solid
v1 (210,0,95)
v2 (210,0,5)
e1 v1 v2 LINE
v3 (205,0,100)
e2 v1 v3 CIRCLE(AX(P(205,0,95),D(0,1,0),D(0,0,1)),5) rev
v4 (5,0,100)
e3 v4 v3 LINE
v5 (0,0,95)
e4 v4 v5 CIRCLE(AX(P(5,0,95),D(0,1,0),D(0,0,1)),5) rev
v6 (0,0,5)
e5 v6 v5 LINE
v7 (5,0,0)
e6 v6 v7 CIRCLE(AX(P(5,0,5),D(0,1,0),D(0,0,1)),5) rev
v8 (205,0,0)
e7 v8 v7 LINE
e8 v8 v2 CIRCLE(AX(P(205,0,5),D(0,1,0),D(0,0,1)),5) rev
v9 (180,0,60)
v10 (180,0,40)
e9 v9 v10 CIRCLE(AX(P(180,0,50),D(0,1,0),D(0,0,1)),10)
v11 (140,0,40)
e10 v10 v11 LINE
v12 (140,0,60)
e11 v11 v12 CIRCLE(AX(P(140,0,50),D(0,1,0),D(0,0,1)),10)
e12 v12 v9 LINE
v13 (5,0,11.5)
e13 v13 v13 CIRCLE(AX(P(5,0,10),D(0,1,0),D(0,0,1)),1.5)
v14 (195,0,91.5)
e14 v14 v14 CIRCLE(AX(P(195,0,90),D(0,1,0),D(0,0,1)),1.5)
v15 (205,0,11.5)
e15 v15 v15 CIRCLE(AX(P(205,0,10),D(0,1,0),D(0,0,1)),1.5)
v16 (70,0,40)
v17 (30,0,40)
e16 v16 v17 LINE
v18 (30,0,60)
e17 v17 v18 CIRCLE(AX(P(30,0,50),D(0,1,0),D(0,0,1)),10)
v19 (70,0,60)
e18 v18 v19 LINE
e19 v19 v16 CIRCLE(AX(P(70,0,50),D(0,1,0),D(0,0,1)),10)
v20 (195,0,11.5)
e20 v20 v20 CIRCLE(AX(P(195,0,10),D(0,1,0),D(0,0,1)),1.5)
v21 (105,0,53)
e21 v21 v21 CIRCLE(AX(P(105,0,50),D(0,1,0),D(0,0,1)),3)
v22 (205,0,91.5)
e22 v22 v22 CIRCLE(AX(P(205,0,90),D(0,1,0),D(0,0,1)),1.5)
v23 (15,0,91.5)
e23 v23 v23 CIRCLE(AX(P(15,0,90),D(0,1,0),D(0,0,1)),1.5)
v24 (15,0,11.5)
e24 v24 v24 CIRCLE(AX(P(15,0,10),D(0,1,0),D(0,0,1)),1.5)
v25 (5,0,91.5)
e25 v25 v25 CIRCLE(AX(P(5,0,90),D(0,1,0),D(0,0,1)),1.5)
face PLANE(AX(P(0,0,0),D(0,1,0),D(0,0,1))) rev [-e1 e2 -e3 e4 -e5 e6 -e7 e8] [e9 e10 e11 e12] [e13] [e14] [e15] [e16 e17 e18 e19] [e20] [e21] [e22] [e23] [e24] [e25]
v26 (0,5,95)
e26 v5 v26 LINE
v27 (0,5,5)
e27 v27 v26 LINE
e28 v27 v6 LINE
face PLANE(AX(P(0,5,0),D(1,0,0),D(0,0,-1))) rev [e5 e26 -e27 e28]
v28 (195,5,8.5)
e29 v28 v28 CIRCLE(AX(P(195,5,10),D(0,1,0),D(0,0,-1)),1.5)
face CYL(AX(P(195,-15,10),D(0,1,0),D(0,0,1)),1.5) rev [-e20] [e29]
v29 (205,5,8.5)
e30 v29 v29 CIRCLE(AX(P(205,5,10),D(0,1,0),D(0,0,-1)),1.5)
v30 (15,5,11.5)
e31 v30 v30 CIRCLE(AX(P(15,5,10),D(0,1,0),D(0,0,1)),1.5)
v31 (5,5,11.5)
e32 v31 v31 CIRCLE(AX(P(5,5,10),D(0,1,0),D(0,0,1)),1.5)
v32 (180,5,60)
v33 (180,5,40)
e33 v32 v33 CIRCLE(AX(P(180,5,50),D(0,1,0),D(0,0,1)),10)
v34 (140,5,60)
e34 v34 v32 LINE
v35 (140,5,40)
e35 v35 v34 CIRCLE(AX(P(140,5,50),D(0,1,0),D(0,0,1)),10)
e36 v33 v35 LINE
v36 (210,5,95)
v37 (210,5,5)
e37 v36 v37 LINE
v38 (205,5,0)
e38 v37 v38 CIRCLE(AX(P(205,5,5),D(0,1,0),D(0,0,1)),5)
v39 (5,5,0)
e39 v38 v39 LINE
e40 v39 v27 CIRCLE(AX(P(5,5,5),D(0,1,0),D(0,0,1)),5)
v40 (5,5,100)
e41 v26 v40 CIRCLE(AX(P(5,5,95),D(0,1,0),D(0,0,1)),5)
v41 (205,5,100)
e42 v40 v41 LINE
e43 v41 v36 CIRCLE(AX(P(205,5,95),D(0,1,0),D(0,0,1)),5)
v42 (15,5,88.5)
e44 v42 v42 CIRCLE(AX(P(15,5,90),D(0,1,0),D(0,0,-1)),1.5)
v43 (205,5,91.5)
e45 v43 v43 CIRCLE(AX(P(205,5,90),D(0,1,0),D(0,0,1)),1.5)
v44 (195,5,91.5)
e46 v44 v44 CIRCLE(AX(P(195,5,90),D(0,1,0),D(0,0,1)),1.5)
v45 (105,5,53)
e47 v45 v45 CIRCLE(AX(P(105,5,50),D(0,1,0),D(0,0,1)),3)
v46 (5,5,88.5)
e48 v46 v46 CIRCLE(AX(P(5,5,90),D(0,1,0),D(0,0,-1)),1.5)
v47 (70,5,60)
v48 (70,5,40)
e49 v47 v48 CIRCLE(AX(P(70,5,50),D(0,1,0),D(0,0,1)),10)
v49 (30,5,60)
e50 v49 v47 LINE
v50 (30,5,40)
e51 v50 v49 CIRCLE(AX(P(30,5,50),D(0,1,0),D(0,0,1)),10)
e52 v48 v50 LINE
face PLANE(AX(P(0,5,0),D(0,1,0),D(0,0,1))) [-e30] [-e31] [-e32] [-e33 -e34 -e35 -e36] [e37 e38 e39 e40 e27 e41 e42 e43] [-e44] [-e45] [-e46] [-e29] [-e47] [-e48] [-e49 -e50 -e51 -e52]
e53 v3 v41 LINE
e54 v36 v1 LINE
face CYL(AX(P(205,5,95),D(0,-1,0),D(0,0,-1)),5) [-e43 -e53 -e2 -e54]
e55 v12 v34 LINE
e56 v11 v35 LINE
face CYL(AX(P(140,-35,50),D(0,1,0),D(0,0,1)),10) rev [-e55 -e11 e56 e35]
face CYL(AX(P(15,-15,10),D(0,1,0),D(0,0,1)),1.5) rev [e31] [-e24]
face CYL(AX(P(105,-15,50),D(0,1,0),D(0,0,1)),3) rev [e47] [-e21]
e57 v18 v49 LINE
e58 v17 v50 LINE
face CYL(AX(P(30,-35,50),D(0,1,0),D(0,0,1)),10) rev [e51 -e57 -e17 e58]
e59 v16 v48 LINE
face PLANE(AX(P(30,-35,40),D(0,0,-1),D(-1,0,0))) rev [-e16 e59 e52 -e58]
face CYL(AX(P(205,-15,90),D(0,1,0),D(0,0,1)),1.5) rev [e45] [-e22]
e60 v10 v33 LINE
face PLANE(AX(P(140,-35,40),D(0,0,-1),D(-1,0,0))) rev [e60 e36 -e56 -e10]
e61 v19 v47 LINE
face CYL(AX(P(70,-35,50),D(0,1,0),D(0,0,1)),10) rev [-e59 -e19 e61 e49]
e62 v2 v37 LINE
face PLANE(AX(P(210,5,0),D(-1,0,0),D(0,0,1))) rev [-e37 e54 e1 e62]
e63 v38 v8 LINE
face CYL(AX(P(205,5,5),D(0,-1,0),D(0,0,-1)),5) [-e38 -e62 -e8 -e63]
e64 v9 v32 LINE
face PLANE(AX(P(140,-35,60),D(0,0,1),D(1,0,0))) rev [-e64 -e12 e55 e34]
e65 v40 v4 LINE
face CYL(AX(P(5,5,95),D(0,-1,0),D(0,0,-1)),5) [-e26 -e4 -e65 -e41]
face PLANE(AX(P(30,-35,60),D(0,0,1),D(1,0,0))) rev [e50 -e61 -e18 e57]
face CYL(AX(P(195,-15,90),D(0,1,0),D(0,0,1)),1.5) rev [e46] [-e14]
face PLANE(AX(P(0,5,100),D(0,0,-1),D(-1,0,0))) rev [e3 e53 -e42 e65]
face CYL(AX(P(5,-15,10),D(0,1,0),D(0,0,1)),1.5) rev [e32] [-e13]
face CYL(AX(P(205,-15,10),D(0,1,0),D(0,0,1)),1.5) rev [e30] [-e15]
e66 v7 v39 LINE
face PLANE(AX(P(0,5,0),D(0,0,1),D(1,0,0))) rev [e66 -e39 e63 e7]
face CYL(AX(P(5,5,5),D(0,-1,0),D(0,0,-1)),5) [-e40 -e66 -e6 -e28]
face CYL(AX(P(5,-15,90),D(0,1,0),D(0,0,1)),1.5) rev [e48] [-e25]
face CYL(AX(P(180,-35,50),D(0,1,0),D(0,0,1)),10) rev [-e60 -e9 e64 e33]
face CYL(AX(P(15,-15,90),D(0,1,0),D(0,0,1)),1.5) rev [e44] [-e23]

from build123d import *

# Parameters (mm, degrees)
SKETCH_1_W          = 210
SKETCH_1_H          = 100
EXTRUDE_1_DEPTH     = 5
CUT_EXTRUDE_1_DEPTH = 40
SKETCH_4_R          = 3
CUT_EXTRUDE_3_DEPTH = 20
SKETCH_8_R          = 1.5
CUT_EXTRUDE_4_DEPTH = 20
FILLET_1_R          = 5


with BuildPart() as part:
    # 草图1 → 凸台-拉伸1 (new body)
    with BuildSketch(Plane(origin=(0, 0, 0), x_dir=(1, 0, 0), z_dir=(0, 1, 0))):
        with Locations((105, -50)):
            Rectangle(SKETCH_1_W, SKETCH_1_H)
    extrude(amount=EXTRUDE_1_DEPTH)

    # 草图2 → 切除-拉伸1 (cut)
    with BuildSketch(Plane(origin=(0, 5, 0), x_dir=(1, 0, 0), z_dir=(0, 1, 0))):
        with BuildLine():
            Line((30, -40), (70, -40))
            ThreePointArc((70, -40), (80, -50), (70, -60))
            Line((70, -60), (30, -60))
            ThreePointArc((30, -60), (20, -50), (30, -40))
        make_face()
        with BuildLine():
            Line((140, -40), (180, -40))
            ThreePointArc((180, -40), (190, -50), (180, -60))
            Line((180, -60), (140, -60))
            ThreePointArc((140, -60), (130, -50), (140, -40))
        make_face()
    extrude(amount=-CUT_EXTRUDE_1_DEPTH, mode=Mode.SUBTRACT)

    # 草图4 → 切除-拉伸3 (cut)
    with BuildSketch(Plane(origin=(0, 5, 0), x_dir=(1, 0, 0), z_dir=(0, 1, 0))):
        with Locations(Location((105, -50, 0), (0, 0, 270))):
            Circle(SKETCH_4_R)
    extrude(amount=-CUT_EXTRUDE_3_DEPTH, mode=Mode.SUBTRACT)

    # 草图8 → 切除-拉伸4 (cut)
    with BuildSketch(Plane(origin=(0, 5, 0), x_dir=(1, 0, 0), z_dir=(0, 1, 0))):
        with Locations(Location((5, -10, 0), (0, 0, 270))):
            Circle(SKETCH_8_R)
        with Locations(Location((205, -10, 0), (0, 0, 270))):
            Circle(SKETCH_8_R)
        with Locations(Location((205, -90, 0), (0, 0, 270))):
            Circle(SKETCH_8_R)
        with Locations(Location((5, -90, 0), (0, 0, 270))):
            Circle(SKETCH_8_R)
        with Locations(Location((15, -10, 0), (0, 0, 270))):
            Circle(SKETCH_8_R)
        with Locations(Location((15, -90, 0), (0, 0, 270))):
            Circle(SKETCH_8_R)
        with Locations(Location((195, -90, 0), (0, 0, 270))):
            Circle(SKETCH_8_R)
        with Locations(Location((195, -10, 0), (0, 0, 270))):
            Circle(SKETCH_8_R)
    extrude(amount=-CUT_EXTRUDE_4_DEPTH, mode=Mode.SUBTRACT)

    # 圆角1
    fillet_1_edges = [part.edges().sort_by_distance(p)[0] for p in [
        (0, 2.5, 0),
        (210, 2.5, 0),
        (210, 2.5, 100),
        (0, 2.5, 100),
    ]]
    fillet(fillet_1_edges, radius=FILLET_1_R)


solid = part.part
